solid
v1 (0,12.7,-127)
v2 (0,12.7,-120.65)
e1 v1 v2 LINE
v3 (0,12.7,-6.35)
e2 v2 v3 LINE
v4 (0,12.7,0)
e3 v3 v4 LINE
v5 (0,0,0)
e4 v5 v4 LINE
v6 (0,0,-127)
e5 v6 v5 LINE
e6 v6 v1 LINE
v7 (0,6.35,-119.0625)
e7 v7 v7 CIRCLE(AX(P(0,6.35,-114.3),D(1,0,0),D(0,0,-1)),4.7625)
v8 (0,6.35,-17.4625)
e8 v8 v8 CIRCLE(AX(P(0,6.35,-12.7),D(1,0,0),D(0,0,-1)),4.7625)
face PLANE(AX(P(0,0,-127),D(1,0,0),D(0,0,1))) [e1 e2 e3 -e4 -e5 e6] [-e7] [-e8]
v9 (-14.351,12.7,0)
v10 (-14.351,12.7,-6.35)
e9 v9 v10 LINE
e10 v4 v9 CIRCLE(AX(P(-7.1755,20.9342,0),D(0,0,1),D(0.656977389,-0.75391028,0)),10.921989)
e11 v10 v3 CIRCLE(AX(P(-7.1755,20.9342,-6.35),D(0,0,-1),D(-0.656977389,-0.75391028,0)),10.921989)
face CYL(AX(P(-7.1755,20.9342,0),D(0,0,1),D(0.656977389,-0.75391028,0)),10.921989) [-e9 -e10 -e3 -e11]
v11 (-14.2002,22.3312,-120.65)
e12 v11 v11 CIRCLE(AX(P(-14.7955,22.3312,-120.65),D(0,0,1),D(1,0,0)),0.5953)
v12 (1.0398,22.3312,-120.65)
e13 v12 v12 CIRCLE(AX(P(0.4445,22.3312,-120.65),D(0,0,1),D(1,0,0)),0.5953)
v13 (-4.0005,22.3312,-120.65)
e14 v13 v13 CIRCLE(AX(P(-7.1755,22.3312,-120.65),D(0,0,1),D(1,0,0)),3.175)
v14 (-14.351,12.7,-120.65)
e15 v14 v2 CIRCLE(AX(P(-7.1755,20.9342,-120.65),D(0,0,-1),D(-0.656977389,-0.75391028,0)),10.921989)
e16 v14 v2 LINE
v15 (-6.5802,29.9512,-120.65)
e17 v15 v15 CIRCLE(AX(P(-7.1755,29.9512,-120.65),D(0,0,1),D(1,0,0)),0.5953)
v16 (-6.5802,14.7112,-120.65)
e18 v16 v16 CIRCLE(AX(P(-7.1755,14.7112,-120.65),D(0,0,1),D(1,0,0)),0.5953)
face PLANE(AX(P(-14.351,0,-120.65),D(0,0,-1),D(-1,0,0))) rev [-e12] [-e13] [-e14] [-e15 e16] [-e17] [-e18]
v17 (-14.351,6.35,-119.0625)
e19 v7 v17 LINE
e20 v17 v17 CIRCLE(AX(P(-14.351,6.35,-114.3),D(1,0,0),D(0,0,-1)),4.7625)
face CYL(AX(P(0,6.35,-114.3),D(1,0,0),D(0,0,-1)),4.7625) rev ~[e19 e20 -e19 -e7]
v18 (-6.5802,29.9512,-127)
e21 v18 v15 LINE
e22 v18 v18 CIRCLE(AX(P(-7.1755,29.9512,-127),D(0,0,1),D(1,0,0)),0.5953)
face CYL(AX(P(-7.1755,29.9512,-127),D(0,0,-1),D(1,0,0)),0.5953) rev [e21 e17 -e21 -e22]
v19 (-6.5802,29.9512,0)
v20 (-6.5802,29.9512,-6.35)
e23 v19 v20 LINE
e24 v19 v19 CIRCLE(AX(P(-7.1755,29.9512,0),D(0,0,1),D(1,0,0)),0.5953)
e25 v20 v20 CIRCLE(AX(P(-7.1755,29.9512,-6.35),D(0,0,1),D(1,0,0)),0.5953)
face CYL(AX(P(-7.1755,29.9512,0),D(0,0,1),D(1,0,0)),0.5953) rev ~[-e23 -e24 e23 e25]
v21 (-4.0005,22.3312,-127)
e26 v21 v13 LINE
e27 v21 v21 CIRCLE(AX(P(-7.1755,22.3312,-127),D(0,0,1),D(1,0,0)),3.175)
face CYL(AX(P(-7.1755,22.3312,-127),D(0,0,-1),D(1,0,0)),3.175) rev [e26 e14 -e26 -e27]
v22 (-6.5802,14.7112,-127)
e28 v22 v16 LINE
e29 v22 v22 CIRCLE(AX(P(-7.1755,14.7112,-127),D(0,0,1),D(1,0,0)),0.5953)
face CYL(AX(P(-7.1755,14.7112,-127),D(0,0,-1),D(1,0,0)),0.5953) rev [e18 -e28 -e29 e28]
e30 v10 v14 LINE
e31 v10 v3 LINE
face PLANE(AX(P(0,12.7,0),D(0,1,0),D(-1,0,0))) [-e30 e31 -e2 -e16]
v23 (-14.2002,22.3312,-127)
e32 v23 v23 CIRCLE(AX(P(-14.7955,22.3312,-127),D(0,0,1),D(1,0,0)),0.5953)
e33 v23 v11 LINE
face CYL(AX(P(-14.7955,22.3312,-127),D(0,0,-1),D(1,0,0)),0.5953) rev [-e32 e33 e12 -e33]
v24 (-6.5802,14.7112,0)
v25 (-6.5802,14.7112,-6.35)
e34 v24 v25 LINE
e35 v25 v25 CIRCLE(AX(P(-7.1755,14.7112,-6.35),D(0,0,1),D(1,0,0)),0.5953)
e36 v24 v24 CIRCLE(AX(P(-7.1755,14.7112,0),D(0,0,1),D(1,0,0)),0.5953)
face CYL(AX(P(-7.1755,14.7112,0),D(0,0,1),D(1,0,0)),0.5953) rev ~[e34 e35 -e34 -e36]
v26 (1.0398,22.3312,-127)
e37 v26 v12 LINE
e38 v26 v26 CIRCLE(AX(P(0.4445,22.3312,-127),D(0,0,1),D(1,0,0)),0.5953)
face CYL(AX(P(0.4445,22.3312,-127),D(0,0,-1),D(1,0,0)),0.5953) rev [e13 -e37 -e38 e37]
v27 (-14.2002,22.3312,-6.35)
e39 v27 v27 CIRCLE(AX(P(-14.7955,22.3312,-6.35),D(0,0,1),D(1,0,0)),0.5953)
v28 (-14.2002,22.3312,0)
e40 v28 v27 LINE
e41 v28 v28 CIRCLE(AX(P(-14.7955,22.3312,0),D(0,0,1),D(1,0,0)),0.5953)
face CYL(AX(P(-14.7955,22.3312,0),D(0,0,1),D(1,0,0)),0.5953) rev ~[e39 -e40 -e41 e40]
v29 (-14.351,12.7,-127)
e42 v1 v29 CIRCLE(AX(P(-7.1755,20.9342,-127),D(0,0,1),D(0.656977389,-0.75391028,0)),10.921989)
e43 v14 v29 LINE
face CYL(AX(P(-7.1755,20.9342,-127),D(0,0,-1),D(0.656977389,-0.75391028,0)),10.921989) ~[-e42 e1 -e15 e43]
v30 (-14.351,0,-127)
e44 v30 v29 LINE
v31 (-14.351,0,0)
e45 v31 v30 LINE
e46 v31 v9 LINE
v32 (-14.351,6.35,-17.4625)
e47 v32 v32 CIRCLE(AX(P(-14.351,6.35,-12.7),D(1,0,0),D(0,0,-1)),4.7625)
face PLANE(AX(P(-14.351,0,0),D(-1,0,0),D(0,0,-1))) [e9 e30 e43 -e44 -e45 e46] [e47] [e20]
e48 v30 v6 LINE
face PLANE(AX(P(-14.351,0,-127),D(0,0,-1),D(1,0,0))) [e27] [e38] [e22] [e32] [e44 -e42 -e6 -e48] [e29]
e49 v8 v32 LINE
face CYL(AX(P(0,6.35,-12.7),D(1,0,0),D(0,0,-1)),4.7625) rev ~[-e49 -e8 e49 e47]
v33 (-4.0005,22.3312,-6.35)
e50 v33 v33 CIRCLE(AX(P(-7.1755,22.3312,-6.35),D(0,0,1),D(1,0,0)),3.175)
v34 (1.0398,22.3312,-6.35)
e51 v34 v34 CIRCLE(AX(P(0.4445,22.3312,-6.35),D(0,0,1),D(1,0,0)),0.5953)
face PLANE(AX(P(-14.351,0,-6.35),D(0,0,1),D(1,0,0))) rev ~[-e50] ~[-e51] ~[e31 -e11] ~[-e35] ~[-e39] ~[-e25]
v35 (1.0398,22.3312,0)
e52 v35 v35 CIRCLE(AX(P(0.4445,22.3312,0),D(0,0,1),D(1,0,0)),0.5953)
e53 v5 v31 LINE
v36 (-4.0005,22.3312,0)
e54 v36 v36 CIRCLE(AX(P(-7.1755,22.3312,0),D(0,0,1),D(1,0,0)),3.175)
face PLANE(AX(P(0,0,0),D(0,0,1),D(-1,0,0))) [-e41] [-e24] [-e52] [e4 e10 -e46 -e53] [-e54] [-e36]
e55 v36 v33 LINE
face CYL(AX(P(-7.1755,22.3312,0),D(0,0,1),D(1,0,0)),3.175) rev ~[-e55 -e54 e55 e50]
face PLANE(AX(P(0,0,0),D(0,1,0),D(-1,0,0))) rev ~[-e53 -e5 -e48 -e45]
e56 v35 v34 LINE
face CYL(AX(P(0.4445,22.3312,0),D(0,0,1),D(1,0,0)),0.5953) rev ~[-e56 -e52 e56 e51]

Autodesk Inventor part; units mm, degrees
ref_plane "YZ Plane" through (0, 0, 0) normal (1, 0, 0) x (0, 1, 0)
ref_plane "XZ Plane" through (0, 0, 0) normal (0, 1, 0) x (-1, 0, 0)
sketch "Sketch1" plane through (0, 0, 0) normal (0, 1, 0) x (-1, 0, 0)
  line L0 (0, 0) -> (14.351, 0)
  line L1 (14.351, 0) -> (14.351, -127)
  line L2 (14.351, -127) -> (0, -127)
  line L3 (0, -127) -> (0, 0)
  dimension "d0" = 127
  dimension "d1" = 14.351
extrude "Extrusion1" add sketch "Sketch1" along normal blind 12.7
sketch "Sketch2" plane through (0, 0, 0) normal (1, 0, 0) x (0, 0, -1)
  circle A0 centre (12.7, 6.35) radius 4.7625
  circle A1 centre (114.3, 6.35) radius 4.7625
  line L0 (0, 12.7) -> (127, 12.7) projected
  line L1 (127, 0) -> (127, 12.7) projected
  point P0 (0, 0)
  dimension "d4" = 9.525
  dimension "d5" = 9.525
  dimension "d6" = 101.6
  dimension "d7" = 127
  dimension "d8" = 12.7
  dimension "d9" = 12.7
  dimension "d10" = 6.35
  dimension "d11" = 6.35
extrude "Extrusion2" cut sketch "Sketch2" against normal through all
sketch "Sketch3" plane through (-14.351, 0, 0) normal (0, 0, 1) x (1, 0, 0)
  line L0 (0, 12.7) -> (14.351, 12.7) projected
  circle A0 centre (7.1755, 22.3312) radius 9.525
  circle A1 centre (7.1755, 29.9512) radius 0.5953
  circle A2 centre (-0.4445, 22.3312) radius 0.5953
  circle A3 centre (14.7955, 22.3312) radius 0.5953
  circle A4 centre (7.1755, 14.7112) radius 0.5953
  line L1 (14.351, 0) -> (14.351, 12.7) projected
  line L2 (0, 0) -> (0, 12.7) projected
  arc A5 (14.351, 12.7) -> (0, 12.7) centre (7.1755, 20.9342) ccw
  circle A6 centre (7.1755, 22.3312) radius 3.175
  dimension "d15" = 19.05
  dimension "d16" = 1.1906
  dimension "d17" = 1.1906
  dimension "d18" = 1.1906
  dimension "d19" = 1.1906
  dimension "d20" = 7.62
  dimension "d28" = 0
  dimension "d29" = 10.922
  dimension "d32" = 6.35
  dimension "d33" = 7.62
  dimension "d34" = 7.62
  dimension "d35" = 7.62
  dimension "d36" = 0
  dimension "d37" = 9.6312
  dimension "d38" = 0
  dimension "d39" = 0
  dimension "d40" = 0
ref_plane "Work Plane1" through (-14.351, 0, -63.5) normal (0, 0, 1) x (1, 0, 0)
extrude "Extrusion4" add sketch "Sketch3" against normal blind 6.35 contours A0 | A5 L0
mirror "Mirror1" about plane through (-14.351, 0, -63.5) normal (0, 0, 1) of "Extrusion4"
equation "\"d5\" = d4"
equation "\"d8\" = -0.5 * d6 + 0.5 * d7"
equation "\"d10\" = 0.5 * d9"
equation "\"d11\" = d10"
equation "\"d17\" = d16"
equation "\"d18\" = d17"
equation "\"d19\" = d17"
properties part number "axil mount"
